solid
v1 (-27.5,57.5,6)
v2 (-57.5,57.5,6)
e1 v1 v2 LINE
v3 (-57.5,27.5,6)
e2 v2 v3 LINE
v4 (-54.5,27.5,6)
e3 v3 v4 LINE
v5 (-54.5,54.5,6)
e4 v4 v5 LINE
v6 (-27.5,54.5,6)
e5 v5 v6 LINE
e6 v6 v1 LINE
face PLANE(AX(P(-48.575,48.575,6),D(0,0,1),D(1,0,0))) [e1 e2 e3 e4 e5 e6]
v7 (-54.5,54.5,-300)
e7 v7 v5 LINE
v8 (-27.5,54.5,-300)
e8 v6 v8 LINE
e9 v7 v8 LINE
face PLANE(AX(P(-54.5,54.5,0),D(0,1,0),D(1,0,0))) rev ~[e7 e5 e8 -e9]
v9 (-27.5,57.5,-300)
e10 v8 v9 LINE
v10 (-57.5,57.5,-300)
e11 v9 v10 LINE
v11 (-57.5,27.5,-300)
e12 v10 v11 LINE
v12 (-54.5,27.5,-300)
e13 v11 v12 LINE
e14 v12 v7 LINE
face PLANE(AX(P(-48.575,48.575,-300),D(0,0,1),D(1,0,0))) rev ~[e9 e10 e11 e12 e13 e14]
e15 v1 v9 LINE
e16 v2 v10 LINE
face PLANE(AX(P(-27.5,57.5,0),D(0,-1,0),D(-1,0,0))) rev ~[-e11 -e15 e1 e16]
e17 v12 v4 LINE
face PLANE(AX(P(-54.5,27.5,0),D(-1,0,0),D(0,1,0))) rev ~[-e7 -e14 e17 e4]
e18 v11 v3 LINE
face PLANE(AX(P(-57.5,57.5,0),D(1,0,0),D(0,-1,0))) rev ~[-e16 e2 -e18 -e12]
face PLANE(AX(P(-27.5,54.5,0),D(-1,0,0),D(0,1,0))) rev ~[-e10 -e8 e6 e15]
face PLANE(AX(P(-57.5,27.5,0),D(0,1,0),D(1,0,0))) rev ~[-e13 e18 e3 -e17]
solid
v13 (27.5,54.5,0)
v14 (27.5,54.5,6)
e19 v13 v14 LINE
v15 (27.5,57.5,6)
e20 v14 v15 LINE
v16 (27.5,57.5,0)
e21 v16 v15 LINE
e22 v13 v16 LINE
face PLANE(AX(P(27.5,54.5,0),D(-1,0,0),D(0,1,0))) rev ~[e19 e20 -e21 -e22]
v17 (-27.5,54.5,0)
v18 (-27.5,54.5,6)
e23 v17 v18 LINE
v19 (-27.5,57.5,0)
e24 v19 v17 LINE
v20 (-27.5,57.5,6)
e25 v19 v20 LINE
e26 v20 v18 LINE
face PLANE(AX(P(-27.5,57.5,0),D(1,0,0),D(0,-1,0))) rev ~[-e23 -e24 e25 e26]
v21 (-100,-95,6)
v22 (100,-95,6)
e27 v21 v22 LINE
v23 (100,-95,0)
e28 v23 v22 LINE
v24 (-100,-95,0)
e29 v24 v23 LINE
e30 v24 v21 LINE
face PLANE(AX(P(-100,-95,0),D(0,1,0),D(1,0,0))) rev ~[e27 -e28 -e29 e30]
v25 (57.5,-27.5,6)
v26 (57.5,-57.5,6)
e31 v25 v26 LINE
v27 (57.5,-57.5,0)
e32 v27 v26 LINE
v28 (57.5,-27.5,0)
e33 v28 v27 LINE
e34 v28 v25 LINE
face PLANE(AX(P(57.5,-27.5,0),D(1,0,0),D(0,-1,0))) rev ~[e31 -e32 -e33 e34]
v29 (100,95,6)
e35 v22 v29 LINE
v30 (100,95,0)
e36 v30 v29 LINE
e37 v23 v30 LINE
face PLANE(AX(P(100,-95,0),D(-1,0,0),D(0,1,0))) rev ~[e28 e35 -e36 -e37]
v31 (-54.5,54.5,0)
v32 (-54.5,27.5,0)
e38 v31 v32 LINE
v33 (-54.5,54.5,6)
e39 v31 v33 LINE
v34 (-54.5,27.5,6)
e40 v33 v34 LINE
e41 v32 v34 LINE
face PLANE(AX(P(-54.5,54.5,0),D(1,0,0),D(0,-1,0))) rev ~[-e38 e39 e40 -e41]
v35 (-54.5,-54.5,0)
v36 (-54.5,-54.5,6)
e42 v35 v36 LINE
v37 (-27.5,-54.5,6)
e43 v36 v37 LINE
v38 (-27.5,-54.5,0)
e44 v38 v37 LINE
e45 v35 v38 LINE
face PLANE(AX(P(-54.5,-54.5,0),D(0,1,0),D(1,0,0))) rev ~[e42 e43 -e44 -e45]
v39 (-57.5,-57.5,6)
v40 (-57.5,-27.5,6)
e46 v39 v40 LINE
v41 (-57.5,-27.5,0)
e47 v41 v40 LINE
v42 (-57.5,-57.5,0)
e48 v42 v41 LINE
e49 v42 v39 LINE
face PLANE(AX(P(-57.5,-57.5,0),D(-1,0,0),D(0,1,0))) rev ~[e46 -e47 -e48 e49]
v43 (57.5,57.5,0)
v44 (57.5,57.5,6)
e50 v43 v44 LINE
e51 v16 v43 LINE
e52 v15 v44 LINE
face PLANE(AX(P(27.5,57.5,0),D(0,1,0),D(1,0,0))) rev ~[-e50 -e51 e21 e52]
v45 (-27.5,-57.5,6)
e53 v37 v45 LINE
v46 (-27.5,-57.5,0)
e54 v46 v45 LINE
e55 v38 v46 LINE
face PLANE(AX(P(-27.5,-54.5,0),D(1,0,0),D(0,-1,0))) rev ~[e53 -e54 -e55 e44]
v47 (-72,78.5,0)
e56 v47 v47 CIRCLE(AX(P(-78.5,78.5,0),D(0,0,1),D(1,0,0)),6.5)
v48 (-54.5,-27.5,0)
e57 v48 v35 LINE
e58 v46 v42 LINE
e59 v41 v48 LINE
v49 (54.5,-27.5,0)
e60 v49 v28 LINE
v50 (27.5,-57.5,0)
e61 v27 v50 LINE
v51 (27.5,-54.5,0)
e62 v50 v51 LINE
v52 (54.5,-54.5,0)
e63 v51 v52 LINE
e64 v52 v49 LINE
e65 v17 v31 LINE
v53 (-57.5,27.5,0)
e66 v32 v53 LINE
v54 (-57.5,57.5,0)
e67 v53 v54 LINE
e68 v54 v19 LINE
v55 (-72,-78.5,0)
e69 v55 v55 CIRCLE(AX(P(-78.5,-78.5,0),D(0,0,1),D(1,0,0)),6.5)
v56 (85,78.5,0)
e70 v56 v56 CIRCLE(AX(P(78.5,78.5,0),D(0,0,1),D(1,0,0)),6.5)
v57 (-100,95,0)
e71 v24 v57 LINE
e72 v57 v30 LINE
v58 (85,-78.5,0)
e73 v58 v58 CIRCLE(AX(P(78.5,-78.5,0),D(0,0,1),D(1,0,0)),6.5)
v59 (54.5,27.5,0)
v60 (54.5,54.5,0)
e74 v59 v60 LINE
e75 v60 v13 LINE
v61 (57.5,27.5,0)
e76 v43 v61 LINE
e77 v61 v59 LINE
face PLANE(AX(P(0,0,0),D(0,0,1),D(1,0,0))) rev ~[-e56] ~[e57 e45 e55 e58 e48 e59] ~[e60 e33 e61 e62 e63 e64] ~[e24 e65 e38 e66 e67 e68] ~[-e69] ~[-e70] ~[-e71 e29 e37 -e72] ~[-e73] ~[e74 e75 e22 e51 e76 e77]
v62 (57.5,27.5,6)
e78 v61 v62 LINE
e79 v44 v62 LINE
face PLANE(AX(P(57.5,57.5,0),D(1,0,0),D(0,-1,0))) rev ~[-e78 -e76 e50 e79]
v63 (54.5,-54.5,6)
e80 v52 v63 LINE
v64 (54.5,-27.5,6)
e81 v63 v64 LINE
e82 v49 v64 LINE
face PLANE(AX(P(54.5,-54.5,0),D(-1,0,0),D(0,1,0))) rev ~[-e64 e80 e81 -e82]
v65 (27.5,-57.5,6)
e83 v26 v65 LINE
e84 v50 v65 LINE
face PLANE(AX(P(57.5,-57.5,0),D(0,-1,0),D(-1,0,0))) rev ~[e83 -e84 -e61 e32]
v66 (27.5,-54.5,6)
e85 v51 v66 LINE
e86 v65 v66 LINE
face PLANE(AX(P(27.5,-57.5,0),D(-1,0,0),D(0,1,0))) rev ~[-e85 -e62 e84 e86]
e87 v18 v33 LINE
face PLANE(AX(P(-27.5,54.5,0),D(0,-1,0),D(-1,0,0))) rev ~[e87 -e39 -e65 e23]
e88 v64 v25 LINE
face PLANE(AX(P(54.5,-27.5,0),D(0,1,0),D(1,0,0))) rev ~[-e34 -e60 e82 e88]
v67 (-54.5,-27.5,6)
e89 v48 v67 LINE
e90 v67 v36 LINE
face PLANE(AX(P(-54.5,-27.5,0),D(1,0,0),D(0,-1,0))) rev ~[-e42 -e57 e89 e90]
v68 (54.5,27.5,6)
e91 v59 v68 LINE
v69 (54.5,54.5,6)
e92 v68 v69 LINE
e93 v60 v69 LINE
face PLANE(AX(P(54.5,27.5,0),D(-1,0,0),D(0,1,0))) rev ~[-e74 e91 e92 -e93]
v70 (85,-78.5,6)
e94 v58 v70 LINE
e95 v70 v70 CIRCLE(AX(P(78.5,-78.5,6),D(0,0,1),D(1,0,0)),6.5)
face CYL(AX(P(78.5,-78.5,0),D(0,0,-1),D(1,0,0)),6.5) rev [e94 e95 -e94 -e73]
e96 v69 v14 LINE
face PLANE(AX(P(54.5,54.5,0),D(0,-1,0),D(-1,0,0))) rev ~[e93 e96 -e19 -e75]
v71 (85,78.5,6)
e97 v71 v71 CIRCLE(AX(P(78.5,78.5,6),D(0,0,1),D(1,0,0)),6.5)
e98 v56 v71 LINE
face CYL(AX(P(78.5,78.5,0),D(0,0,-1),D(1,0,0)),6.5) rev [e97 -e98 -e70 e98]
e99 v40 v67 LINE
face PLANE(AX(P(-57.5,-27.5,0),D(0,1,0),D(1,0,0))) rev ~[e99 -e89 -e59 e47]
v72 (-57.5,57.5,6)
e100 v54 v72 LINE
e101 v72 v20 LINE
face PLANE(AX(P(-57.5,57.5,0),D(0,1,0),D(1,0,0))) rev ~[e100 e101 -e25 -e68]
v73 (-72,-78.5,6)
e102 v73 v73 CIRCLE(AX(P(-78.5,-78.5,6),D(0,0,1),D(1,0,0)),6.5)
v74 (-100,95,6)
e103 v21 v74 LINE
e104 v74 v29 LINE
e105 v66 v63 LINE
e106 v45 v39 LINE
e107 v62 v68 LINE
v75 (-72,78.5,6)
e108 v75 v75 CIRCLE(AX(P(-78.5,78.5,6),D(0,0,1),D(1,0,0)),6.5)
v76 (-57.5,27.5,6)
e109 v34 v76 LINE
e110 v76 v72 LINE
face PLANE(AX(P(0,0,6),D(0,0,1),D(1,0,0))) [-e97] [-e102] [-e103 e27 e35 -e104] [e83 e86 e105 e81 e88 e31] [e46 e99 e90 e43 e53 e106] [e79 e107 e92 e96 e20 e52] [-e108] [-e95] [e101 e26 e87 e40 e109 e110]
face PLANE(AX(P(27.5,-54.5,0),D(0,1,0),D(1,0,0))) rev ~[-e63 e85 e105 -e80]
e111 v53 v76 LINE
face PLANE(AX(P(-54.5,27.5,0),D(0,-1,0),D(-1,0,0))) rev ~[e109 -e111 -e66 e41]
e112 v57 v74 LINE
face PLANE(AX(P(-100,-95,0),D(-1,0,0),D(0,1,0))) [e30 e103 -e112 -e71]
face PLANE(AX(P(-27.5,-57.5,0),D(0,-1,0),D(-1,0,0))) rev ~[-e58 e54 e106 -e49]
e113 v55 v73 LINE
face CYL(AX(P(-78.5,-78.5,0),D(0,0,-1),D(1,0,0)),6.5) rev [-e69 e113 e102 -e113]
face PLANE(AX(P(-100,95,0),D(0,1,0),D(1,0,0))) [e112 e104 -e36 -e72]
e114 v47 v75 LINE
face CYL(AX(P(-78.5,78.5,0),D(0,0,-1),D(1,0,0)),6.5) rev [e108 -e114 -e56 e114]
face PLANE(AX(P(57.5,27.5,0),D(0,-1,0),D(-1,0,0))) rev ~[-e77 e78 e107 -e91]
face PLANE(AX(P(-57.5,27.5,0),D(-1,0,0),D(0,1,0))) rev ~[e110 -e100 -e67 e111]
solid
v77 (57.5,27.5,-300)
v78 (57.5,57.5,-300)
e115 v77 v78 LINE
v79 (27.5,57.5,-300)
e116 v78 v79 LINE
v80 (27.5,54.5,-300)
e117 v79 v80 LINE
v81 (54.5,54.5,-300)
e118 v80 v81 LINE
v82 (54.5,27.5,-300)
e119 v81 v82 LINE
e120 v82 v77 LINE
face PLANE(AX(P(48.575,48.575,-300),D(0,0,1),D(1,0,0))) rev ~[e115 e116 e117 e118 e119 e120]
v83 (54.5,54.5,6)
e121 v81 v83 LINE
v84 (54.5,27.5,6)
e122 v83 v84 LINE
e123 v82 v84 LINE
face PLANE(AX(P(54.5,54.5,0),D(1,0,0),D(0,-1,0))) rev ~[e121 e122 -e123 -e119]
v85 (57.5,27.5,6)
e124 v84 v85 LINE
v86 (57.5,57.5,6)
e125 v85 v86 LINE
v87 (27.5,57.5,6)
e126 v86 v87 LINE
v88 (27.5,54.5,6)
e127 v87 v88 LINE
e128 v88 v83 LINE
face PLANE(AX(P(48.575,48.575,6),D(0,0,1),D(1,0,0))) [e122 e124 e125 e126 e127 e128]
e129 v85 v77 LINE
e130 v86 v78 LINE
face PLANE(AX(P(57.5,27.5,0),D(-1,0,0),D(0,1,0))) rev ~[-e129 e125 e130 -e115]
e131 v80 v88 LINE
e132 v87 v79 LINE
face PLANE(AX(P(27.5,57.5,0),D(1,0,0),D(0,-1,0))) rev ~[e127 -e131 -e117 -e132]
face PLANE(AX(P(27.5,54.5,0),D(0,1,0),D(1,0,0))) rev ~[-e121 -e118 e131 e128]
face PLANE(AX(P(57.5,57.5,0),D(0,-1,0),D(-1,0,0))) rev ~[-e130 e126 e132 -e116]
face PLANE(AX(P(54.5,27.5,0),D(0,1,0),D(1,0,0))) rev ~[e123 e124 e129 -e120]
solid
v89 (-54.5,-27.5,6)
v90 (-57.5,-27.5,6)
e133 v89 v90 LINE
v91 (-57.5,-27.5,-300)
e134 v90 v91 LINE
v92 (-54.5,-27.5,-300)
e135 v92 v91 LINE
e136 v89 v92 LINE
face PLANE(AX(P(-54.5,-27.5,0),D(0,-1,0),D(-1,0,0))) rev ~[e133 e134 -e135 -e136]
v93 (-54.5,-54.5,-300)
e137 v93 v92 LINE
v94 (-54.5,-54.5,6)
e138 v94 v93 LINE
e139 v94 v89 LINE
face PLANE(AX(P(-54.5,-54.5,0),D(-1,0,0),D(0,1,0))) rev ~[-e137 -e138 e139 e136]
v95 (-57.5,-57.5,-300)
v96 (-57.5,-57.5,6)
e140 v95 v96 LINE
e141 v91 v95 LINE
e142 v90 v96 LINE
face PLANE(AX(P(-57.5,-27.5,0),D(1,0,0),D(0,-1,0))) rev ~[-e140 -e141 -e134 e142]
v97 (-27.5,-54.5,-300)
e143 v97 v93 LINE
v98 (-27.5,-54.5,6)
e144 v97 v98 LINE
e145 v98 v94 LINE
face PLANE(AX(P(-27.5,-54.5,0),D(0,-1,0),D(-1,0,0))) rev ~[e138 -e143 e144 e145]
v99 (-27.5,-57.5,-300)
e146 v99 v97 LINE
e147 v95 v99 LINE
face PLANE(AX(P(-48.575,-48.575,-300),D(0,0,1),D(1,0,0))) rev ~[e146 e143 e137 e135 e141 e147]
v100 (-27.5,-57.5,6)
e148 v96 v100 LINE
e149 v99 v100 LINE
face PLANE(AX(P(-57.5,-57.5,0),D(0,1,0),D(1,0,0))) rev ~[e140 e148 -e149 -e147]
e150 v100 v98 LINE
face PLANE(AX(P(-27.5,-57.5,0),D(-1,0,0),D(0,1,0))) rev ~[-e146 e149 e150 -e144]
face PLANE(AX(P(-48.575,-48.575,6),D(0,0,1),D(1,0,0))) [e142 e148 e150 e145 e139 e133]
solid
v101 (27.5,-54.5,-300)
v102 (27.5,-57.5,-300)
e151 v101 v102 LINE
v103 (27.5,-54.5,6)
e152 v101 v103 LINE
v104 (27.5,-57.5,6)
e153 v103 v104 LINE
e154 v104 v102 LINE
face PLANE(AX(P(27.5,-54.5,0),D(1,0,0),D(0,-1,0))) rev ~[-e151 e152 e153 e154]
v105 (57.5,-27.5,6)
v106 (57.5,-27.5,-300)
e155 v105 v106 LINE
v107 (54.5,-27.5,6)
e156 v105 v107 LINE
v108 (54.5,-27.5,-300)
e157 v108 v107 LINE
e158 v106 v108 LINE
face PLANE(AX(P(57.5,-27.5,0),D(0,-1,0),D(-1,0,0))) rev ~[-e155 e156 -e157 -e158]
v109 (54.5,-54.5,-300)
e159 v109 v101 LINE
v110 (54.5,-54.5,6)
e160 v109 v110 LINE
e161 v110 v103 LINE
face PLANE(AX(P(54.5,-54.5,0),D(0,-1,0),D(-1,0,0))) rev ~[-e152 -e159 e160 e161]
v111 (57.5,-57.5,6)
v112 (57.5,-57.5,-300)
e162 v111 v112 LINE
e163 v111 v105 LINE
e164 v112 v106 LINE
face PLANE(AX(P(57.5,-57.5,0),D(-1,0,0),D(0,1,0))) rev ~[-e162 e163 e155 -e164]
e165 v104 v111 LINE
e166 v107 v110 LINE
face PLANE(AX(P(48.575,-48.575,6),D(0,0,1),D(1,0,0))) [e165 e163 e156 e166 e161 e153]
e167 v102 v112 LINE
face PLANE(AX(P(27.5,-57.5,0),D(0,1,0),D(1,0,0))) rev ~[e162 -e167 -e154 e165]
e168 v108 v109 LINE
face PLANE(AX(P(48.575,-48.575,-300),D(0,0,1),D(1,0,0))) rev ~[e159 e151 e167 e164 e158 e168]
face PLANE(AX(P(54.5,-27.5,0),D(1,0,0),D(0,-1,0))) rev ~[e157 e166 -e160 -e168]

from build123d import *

# Parameters (mm, degrees)
F0_W          = 200
F0_H          = 190
F0_R          = 6.5
F2_DEPTH      = 6
F3_DEPTH      = 300
F3_DEPTH_BACK = 6


with BuildPart() as f2:
    # F0 (on Top) → F2 (new body)
    with BuildSketch(Plane.XY):
        Rectangle(F0_W, F0_H)
        with Locations((-78.5, -78.5)):
            Circle(F0_R, mode=Mode.SUBTRACT)
        Polygon((-57.5, -57.5), (-57.5, -27.5), (-54.5, -27.5), (-54.5, -54.5), (-27.5, -54.5), (-27.5, -57.5), align=None, mode=Mode.SUBTRACT)
        with Locations((78.5, -78.5)):
            Circle(F0_R, mode=Mode.SUBTRACT)
        Polygon((54.5, -27.5), (57.5, -27.5), (57.5, -57.5), (27.5, -57.5), (27.5, -54.5), (54.5, -54.5), align=None, mode=Mode.SUBTRACT)
        Polygon((-57.5, 27.5), (-57.5, 57.5), (-27.5, 57.5), (-27.5, 54.5), (-54.5, 54.5), (-54.5, 27.5), align=None, mode=Mode.SUBTRACT)
        with Locations((-78.5, 78.5)):
            Circle(F0_R, mode=Mode.SUBTRACT)
        Polygon((27.5, 54.5), (27.5, 57.5), (57.5, 57.5), (57.5, 27.5), (54.5, 27.5), (54.5, 54.5), align=None, mode=Mode.SUBTRACT)
        with Locations((78.5, 78.5)):
            Circle(F0_R, mode=Mode.SUBTRACT)
    extrude(amount=F2_DEPTH)


with BuildPart() as f3:
    # F1 (on face) → F3 (new body, two sides)
    with BuildSketch(Plane.XY) as f3_sk:
        Polygon((-57.5, -27.5), (-57.5, -57.5), (-27.5, -57.5), (-27.5, -54.5), (-54.5, -54.5), (-54.5, -27.5), align=None)
    extrude(amount=-F3_DEPTH)
    extrude(f3_sk.sketch, amount=F3_DEPTH_BACK)


with BuildPart() as f3b:
    # F1 (on face) → F3, piece 2 (new body, two sides)
    with BuildSketch(Plane.XY) as f3_2_sk:
        Polygon((-57.5, 57.5), (-57.5, 27.5), (-54.5, 27.5), (-54.5, 54.5), (-27.5, 54.5), (-27.5, 57.5), align=None)
    extrude(amount=-F3_DEPTH)
    extrude(f3_2_sk.sketch, amount=F3_DEPTH_BACK)


with BuildPart() as f3c:
    # F1 (on face) → F3, piece 3 (new body, two sides)
    with BuildSketch(Plane.XY) as f3_3_sk:
        Polygon((27.5, 57.5), (27.5, 54.5), (54.5, 54.5), (54.5, 27.5), (57.5, 27.5), (57.5, 57.5), align=None)
    extrude(amount=-F3_DEPTH)
    extrude(f3_3_sk.sketch, amount=F3_DEPTH_BACK)


with BuildPart() as f3d:
    # F1 (on face) → F3, piece 4 (new body, two sides)
    with BuildSketch(Plane.XY) as f3_4_sk:
        Polygon((57.5, -27.5), (54.5, -27.5), (54.5, -54.5), (27.5, -54.5), (27.5, -57.5), (57.5, -57.5), align=None)
    extrude(amount=-F3_DEPTH)
    extrude(f3_4_sk.sketch, amount=F3_DEPTH_BACK)


solid = Compound([f2.part, f3.part, f3b.part, f3c.part, f3d.part])
